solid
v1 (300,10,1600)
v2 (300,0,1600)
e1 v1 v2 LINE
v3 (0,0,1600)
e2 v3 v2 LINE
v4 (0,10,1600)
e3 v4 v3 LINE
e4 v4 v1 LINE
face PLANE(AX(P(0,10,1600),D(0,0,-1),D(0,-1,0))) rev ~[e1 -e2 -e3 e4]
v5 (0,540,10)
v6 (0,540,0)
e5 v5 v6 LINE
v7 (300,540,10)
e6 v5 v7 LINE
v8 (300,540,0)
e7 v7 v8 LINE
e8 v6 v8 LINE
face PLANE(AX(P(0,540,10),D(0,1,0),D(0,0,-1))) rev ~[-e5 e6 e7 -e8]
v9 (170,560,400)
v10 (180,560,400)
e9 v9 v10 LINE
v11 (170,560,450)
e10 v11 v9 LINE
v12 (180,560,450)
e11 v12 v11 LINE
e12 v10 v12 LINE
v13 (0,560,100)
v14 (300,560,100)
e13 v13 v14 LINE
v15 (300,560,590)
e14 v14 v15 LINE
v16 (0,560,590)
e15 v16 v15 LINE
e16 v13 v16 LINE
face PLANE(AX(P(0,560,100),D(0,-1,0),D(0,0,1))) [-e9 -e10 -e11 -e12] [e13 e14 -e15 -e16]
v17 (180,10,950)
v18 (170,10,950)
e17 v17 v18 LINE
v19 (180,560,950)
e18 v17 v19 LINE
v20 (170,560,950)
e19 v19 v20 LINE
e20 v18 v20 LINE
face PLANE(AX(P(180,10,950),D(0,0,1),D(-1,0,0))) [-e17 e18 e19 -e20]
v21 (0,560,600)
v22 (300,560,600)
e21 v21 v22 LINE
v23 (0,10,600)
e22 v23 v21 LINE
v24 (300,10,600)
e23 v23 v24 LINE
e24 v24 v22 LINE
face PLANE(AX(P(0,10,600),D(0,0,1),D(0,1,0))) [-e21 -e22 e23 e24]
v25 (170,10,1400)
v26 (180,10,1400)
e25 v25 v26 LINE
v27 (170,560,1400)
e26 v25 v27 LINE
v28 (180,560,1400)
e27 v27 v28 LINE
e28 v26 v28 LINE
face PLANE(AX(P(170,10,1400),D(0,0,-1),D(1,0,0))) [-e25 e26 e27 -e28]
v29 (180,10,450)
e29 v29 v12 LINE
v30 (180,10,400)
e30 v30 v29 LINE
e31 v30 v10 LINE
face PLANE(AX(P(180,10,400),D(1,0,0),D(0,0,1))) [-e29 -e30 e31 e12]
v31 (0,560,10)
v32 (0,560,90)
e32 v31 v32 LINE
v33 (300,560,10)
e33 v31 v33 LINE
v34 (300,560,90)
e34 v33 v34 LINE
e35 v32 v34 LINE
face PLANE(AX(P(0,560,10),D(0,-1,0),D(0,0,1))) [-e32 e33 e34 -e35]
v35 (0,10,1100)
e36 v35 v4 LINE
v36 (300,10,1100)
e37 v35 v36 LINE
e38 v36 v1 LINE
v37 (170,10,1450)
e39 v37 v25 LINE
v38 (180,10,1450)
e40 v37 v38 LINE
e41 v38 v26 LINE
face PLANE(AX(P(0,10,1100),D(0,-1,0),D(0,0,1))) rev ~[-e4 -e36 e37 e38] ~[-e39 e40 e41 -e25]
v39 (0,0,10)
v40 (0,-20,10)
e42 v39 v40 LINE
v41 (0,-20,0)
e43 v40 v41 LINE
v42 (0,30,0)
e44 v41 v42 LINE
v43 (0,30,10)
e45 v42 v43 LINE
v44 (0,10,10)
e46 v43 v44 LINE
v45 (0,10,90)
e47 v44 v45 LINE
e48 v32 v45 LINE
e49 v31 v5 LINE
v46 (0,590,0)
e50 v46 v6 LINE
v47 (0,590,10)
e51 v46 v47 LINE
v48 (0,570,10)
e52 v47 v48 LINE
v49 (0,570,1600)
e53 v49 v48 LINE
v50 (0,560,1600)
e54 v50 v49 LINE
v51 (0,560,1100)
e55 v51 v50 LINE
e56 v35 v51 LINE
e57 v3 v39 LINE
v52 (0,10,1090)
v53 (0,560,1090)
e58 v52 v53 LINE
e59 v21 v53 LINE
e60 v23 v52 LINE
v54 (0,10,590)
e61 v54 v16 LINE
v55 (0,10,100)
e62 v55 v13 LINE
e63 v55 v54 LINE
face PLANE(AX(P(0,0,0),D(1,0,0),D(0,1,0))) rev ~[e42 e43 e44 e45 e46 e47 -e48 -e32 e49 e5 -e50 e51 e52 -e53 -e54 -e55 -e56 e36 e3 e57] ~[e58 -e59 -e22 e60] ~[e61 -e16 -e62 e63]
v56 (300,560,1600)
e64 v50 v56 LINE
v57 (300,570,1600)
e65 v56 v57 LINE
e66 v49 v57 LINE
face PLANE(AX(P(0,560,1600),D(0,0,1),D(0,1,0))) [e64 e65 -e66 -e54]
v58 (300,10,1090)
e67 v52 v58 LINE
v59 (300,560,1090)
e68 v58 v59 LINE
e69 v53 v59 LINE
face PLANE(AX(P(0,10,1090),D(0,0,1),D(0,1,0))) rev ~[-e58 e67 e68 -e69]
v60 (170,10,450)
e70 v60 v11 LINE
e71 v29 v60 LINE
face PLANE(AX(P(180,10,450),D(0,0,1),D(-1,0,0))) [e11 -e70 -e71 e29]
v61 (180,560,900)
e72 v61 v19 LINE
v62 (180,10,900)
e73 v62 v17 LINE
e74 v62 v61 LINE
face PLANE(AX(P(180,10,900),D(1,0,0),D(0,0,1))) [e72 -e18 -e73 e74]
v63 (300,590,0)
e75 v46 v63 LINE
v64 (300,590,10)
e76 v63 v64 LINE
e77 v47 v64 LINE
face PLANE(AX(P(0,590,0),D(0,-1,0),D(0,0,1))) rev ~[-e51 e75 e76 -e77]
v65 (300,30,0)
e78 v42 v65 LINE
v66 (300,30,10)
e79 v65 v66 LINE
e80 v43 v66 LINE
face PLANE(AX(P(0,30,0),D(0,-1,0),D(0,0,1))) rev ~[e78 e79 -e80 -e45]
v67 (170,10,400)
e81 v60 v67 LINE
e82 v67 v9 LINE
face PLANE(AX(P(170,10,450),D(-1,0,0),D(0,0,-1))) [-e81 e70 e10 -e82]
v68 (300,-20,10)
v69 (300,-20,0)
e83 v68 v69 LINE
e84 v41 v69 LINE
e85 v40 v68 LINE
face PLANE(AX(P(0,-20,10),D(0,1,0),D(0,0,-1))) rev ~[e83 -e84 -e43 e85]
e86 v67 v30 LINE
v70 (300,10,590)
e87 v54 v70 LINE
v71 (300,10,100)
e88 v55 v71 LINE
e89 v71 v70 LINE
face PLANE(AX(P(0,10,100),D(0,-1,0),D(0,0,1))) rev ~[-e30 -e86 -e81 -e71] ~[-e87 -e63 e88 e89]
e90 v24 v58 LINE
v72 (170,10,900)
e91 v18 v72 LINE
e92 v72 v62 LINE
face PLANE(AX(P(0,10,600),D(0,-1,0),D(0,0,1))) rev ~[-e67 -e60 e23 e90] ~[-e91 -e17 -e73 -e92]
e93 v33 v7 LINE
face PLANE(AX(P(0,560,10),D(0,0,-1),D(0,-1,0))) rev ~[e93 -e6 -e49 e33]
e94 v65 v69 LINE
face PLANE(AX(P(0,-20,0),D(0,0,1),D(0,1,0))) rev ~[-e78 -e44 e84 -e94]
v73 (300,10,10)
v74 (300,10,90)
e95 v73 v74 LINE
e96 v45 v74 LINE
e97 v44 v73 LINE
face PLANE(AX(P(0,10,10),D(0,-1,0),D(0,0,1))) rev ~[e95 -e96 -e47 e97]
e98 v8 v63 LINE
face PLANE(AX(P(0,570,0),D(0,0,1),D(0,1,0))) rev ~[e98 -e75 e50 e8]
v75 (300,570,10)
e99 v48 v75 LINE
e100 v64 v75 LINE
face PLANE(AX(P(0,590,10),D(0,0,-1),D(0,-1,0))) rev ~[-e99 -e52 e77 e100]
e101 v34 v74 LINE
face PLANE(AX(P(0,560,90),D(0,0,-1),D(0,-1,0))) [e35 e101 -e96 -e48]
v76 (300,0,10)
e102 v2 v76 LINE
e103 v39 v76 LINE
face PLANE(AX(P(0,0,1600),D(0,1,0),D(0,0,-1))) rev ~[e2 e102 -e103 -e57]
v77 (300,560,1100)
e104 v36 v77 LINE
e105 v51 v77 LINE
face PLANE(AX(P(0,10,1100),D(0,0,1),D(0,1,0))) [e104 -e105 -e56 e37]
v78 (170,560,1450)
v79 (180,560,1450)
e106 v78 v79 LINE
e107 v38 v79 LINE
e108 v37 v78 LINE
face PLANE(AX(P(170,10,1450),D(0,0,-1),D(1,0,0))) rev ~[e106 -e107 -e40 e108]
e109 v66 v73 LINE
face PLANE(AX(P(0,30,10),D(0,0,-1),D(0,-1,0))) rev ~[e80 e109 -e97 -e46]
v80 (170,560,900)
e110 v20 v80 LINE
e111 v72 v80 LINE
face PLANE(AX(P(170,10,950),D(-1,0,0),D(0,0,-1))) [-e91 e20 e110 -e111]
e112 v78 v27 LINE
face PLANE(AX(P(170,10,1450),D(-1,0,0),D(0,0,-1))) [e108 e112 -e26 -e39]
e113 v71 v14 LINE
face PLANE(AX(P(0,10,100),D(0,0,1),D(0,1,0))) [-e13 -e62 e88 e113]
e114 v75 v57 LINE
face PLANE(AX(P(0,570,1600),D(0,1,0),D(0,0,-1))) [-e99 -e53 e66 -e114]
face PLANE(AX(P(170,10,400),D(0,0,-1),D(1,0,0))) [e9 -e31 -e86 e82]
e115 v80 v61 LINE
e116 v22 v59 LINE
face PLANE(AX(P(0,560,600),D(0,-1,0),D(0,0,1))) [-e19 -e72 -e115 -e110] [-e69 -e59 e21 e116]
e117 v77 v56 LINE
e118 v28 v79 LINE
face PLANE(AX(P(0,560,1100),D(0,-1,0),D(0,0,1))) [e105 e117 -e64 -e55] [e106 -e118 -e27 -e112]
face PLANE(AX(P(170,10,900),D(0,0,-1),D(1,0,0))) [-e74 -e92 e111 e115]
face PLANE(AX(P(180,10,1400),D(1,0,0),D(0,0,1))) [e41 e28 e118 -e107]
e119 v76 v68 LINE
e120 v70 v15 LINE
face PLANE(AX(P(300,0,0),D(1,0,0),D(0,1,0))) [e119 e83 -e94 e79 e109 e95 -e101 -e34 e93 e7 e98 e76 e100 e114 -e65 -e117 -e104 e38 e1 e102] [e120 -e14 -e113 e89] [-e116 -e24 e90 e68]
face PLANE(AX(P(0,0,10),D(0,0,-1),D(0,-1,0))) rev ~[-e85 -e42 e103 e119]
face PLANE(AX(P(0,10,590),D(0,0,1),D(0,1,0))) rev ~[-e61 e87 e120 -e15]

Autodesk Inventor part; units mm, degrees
ref_plane "YZ Plane" through (0, 0, 0) normal (1, 0, 0) x (0, 1, 0)
ref_plane "XZ Plane" through (0, 0, 0) normal (0, 1, 0) x (-1, 0, 0)
ref_plane "XY Plane" through (0, 0, 0) normal (0, 0, 1) x (1, 0, 0)
sketch "Sketch1" plane through (0, 0, 0) normal (1, 0, 0) x (0, 1, 0)
  line L0 (0, 0) -> (10, 0)
  line L1 (10, 1600) -> (0, 1600)
  line L2 (0, 1600) -> (0, 10)
  line L3 (10, 100) -> (560, 100)
  line L4 (570, 100) -> (570, 90)
  line L5 (560, 90) -> (10, 90)
  line L6 (570, 0) -> (560, 0)
  line L7 (560, 1600) -> (570, 1600)
  line L8 (570, 1600) -> (570, 10)
  line L9 (10, 600) -> (560, 600)
  line L10 (10, 590) -> (560, 590)
  line L11 (10, 1100) -> (560, 1100)
  line L12 (10, 1090) -> (560, 1090)
  line L13 (540, 0) -> (590, 0)
  line L14 (590, 0) -> (590, 10)
  line L15 (540, 10) -> (540, 0)
  line L16 (-20, 0) -> (30, 0)
  line L17 (30, 0) -> (30, 10)
  line L18 (-20, 10) -> (-20, 0)
  line L19 (30, 10) -> (10, 10)
  line L20 (0, 10) -> (-20, 10)
  line L21 (590, 10) -> (570, 10)
  line L22 (560, 10) -> (540, 10)
  line L23 (560, 10) -> (560, 90)
  line L24 (10, 10) -> (10, 90)
  line L25 (10, 100) -> (10, 590)
  line L26 (560, 100) -> (560, 590)
  line L27 (560, 600) -> (560, 1090)
  line L28 (560, 1100) -> (560, 1600)
  line L29 (10, 600) -> (10, 1090)
  line L30 (10, 1100) -> (10, 1600)
  dimension "d0" = 10
  dimension "d1" = 1600
  dimension "d2" = 560
  dimension "d3" = 10
  dimension "d4" = 10
  dimension "d5" = 1600
  dimension "d6" = 50
  dimension "d7" = 10
  dimension "d8" = 50
  dimension "d9" = 10
extrude "Extrusion1" add sketch "Sketch1" along normal blind 300
sketch "Sketch2" plane through (0, 10, 1600) normal (0, 1, 0) x (1, 0, 0)
  line L0 (0, 500) -> (200, 500)
  line L1 (200, 500) -> (200, 100)
  line L2 (200, 100) -> (0, 100)
  line L3 (0, 100) -> (0, 500)
  line L4 (200, 100) -> (180, 100)
  line L5 (180, 100) -> (180, 165)
  line L6 (180, 165) -> (200, 165)
  line L7 (200, 165) -> (200, 100)
  line L8 (180, 100) -> (0, 100)
  line L9 (0, 100) -> (0, 150)
  line L10 (0, 150) -> (180, 150)
  line L11 (180, 150) -> (180, 100)
  line L12 (180, 150) -> (170, 150)
  line L13 (170, 150) -> (170, 200)
  line L14 (170, 200) -> (180, 200)
  line L15 (180, 200) -> (180, 150)
  line L16 (0, 1000) -> (0, 510) projected
  line L17 (0, 1000) -> (180, 1000)
  line L18 (180, 1000) -> (180, 650)
  line L19 (180, 650) -> (0, 650)
  line L20 (0, 650) -> (0, 1000)
  line L21 (0, 1500) -> (180, 1500)
  line L22 (180, 1500) -> (180, 1150)
  line L23 (180, 1150) -> (0, 1150)
  line L24 (0, 1150) -> (0, 1500)
  line L25 (180, 650) -> (170, 650)
  line L26 (170, 650) -> (170, 700)
  line L27 (170, 700) -> (180, 700)
  line L28 (180, 700) -> (180, 650)
  line L29 (180, 1150) -> (170, 1150)
  line L30 (170, 1150) -> (170, 1200)
  line L31 (170, 1200) -> (180, 1200)
  line L32 (180, 1200) -> (180, 1150)
  point P0 (0, 1600)
  dimension "d12" = 200
  dimension "d13" = 400
  dimension "d14" = 20
  dimension "d15" = 65
  dimension "d16" = 180
  dimension "d17" = 50
  dimension "d18" = 10
  dimension "d19" = 50
  dimension "d20" = 180
  dimension "d21" = 350
  dimension "d22" = 180
  dimension "d23" = 350
  dimension "d24" = 10
  dimension "d25" = 50
  dimension "d26" = 10
  dimension "d27" = 50
extrude "Extrusion2" add sketch "Sketch2" along normal blind 550 contours L13 L14 L15 L5 L10 | L26 L27 L18 L19 | L22 L23 L30 L31
properties part number "MoldStore"
